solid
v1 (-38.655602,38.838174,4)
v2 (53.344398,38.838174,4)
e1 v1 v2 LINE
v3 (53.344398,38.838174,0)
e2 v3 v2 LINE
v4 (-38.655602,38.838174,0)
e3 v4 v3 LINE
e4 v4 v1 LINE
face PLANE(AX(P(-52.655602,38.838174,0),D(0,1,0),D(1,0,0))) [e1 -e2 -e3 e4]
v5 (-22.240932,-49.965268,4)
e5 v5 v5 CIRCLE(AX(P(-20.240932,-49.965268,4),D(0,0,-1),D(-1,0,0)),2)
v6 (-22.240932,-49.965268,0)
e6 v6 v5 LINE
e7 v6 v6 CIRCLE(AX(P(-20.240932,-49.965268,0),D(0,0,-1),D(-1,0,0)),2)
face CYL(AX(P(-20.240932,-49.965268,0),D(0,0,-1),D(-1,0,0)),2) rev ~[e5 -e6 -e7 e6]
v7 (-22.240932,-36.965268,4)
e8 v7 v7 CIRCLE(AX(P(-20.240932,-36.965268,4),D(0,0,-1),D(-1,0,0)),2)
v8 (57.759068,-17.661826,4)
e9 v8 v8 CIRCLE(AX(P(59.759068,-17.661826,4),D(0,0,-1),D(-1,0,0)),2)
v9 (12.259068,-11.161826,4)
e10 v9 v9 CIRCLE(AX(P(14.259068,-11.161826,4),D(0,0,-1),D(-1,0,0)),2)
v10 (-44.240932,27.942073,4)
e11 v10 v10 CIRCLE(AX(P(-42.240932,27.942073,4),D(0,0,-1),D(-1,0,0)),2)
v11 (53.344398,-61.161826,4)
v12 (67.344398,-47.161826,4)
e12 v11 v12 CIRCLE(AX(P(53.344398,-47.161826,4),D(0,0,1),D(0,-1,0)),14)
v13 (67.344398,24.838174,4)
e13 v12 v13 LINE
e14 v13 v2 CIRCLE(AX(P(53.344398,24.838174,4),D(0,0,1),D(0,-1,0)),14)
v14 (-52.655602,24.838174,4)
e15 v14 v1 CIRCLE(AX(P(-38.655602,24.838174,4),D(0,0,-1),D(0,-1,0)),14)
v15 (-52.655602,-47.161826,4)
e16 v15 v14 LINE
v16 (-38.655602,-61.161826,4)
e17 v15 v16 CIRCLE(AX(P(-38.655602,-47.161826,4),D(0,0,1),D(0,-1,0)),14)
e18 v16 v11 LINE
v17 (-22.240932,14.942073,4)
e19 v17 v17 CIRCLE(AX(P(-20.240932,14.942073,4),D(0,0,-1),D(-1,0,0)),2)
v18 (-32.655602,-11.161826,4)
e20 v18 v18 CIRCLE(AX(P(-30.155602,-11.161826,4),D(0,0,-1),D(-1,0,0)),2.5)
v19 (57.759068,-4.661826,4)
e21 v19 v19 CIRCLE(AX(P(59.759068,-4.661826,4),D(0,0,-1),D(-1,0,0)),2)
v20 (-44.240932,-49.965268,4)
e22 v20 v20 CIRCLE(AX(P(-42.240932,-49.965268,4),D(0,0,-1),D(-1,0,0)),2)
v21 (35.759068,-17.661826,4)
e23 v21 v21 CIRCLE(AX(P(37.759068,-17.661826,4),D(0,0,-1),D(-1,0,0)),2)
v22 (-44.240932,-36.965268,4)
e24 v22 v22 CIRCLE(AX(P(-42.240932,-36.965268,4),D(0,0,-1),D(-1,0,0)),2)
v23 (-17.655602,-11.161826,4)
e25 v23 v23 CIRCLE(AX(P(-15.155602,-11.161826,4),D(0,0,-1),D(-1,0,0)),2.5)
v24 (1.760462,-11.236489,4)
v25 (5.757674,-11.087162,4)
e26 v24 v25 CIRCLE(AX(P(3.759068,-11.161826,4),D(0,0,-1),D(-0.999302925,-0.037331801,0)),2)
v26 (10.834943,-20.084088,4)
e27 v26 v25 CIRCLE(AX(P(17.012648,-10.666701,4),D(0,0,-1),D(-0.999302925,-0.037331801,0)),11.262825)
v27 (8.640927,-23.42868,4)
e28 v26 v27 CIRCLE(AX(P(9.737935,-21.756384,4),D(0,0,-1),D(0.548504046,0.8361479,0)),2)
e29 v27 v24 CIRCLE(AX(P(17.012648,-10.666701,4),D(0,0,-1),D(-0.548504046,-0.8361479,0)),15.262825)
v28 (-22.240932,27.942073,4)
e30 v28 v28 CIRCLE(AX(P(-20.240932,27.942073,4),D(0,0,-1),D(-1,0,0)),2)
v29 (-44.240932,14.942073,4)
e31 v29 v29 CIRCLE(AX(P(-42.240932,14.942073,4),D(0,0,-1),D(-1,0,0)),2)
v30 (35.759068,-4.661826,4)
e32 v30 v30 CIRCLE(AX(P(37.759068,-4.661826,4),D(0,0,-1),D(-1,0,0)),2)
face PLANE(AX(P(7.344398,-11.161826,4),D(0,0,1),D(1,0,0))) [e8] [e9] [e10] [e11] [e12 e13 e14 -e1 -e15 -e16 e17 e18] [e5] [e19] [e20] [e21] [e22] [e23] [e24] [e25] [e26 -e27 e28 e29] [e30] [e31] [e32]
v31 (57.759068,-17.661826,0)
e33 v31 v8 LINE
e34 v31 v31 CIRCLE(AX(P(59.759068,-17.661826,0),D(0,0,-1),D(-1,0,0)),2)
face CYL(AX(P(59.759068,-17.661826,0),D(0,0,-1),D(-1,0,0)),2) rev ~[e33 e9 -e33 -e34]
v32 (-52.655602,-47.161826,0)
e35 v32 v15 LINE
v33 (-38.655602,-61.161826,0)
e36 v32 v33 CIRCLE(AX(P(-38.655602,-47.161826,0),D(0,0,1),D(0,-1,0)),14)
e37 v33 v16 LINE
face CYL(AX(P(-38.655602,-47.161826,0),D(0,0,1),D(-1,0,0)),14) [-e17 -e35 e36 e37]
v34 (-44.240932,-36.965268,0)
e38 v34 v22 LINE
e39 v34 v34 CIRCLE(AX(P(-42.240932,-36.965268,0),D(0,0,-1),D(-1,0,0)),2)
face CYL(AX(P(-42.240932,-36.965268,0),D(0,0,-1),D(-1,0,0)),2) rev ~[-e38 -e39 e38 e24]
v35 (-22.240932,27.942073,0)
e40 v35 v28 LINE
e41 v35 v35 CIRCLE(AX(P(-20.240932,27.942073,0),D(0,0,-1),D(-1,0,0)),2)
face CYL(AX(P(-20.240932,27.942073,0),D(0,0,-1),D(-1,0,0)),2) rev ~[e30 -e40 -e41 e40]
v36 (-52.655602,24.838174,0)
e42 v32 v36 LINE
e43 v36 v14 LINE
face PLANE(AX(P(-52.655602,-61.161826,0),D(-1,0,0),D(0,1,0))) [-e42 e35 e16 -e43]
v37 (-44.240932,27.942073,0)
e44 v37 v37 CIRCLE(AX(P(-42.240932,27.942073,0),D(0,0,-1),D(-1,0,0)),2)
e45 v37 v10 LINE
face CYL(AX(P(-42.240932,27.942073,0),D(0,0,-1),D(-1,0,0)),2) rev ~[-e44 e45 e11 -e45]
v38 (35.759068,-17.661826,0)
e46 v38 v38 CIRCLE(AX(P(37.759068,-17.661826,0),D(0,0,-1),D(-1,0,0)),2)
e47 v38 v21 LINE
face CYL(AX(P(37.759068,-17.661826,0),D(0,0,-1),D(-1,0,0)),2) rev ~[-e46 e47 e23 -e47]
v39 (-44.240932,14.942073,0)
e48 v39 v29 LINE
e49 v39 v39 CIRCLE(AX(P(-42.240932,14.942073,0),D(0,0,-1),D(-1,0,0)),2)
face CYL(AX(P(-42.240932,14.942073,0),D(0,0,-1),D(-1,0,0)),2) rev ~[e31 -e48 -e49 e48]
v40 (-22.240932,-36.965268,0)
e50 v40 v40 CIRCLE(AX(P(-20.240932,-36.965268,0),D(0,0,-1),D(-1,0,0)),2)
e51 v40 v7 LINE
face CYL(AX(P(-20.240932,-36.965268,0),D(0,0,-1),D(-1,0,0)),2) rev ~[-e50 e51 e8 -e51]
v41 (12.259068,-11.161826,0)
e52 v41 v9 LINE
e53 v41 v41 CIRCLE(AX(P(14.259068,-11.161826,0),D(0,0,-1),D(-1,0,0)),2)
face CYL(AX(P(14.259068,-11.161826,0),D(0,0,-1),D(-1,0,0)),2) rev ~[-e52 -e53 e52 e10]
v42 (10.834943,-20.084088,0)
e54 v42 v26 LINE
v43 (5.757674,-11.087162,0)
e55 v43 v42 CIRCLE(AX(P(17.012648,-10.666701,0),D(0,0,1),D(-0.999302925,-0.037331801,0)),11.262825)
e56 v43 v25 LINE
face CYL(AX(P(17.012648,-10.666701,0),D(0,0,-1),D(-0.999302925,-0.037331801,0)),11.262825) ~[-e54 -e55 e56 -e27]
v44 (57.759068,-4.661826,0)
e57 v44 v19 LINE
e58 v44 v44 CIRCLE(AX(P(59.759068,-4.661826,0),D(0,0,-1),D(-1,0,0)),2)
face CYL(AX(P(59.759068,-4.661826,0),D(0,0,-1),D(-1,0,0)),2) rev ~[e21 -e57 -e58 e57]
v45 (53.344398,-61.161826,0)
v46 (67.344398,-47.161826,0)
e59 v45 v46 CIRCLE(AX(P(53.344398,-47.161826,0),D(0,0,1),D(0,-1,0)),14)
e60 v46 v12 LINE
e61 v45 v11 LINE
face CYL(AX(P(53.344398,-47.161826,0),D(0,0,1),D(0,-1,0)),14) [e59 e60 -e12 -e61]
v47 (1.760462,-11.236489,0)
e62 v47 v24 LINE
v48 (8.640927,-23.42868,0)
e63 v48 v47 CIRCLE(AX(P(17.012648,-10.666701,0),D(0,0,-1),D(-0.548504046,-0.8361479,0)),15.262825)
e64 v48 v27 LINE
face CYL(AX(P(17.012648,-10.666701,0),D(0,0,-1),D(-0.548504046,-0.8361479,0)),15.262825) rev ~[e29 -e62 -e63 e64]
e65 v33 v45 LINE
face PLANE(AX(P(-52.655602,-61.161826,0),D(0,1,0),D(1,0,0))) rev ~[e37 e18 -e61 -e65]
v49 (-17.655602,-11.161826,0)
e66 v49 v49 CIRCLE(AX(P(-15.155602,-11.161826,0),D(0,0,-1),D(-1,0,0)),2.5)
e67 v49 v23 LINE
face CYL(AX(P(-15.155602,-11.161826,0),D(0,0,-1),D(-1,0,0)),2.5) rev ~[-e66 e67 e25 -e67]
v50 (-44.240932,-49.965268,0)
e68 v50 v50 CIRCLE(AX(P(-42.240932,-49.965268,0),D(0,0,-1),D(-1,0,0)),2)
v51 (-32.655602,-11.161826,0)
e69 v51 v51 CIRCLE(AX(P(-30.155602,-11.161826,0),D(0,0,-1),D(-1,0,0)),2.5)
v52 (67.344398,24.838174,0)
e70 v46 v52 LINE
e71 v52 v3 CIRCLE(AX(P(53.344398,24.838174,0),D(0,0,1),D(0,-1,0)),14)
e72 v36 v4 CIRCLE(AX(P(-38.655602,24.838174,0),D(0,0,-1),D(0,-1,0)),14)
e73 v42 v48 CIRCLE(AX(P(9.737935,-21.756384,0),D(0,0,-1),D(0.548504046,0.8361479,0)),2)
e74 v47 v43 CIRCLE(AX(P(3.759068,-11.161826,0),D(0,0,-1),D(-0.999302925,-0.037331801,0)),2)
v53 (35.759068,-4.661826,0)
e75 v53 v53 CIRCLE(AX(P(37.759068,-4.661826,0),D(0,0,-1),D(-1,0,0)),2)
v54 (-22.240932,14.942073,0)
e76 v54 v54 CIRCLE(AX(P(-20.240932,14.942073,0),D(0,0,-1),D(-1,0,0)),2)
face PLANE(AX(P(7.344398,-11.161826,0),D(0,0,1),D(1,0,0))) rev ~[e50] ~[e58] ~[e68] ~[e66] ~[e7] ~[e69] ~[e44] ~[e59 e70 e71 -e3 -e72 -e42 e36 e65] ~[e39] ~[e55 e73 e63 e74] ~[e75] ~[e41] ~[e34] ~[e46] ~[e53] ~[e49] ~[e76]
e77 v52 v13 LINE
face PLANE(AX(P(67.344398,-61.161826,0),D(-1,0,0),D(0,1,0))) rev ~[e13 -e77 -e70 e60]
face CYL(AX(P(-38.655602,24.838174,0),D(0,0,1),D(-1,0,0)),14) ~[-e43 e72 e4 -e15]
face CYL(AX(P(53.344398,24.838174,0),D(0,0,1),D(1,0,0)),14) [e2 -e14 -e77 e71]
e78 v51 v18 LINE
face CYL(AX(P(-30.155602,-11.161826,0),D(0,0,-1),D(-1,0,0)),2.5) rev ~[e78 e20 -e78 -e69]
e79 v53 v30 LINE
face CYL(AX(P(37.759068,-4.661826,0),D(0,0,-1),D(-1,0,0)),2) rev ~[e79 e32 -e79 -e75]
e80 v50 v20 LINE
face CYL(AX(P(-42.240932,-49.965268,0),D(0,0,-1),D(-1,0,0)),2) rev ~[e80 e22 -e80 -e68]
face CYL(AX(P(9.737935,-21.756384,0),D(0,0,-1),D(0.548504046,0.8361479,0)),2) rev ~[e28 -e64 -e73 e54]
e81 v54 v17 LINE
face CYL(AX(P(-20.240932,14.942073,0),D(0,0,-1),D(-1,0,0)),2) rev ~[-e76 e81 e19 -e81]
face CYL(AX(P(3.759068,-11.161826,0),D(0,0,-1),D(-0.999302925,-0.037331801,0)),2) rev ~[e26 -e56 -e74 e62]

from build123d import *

# Parameters (mm, degrees)
SKETCH_1_W          = 120
SKETCH_1_H          = 100
EXTRUDE_1_DEPTH     = 4
FILLET_1_R          = 14
SKETCH_7_R          = 2.5
CUT_EXTRUDE_2_DEPTH = 5
SKETCH_14_R         = 2
CUT_EXTRUDE_3_DEPTH = 5


with BuildPart() as part:
    # 草图1 → 凸台-拉伸1 (new body)
    with BuildSketch(Plane.XY):
        with Locations((7.34439834, -11.161825726)):
            Rectangle(SKETCH_1_W, SKETCH_1_H)
    extrude(amount=EXTRUDE_1_DEPTH)

    # 圆角1
    fillet_1_edges = [part.edges().sort_by_distance(p)[0] for p in [
        (-52.65560166, 38.838174274, 2),
        (67.34439834, 38.838174274, 2),
        (67.34439834, -61.161825726, 2),
        (-52.65560166, -61.161825726, 2),
    ]]
    fillet(fillet_1_edges, radius=FILLET_1_R)

    # 草图7 → 切除-拉伸2 (cut, through all)
    with BuildSketch(Plane(origin=(0, 0, 0), x_dir=(-1, 0, 0), z_dir=(0, 0, -1))):
        with Locations((15.15560166, -11.161825726)):
            Circle(SKETCH_7_R)
        with Locations((30.15560166, -11.161825726)):
            Circle(SKETCH_7_R)
    extrude(amount=-CUT_EXTRUDE_2_DEPTH, mode=Mode.SUBTRACT)

    # 草图14 → 切除-拉伸3 (cut, through all)
    with BuildSketch(Plane(origin=(0, 0, 0), x_dir=(-1, 0, 0), z_dir=(0, 0, -1))):
        with Locations((42.240931861, -49.965268324)):
            Circle(SKETCH_14_R)
        with Locations((20.240931861, -49.965268324)):
            Circle(SKETCH_14_R)
        with Locations((42.240931861, -36.965268324)):
            Circle(SKETCH_14_R)
        with Locations((20.240931861, -36.965268324)):
            Circle(SKETCH_14_R)
        with Locations((42.240931861, 14.942073)):
            Circle(SKETCH_14_R)
        with Locations((42.240931861, 27.942073)):
            Circle(SKETCH_14_R)
        with Locations((20.240931861, 14.942073)):
            Circle(SKETCH_14_R)
        with Locations((20.240931861, 27.942073)):
            Circle(SKETCH_14_R)
        with Locations((-14.259068139, -11.161825726)):
            Circle(SKETCH_14_R)
        with Locations((-37.759068139, -17.661825726)):
            Circle(SKETCH_14_R)
        with Locations((-59.759068139, -17.661825726)):
            Circle(SKETCH_14_R)
        with Locations((-59.759068139, -4.661825726)):
            Circle(SKETCH_14_R)
        with Locations((-37.759068139, -4.661825726)):
            Circle(SKETCH_14_R)
        with BuildLine():
            ThreePointArc((-1.760462288, -11.236489328), (-3.684404538, -9.163219875), (-5.75767399, -11.087162125))
            ThreePointArc((-5.75767399, -11.087162125), (-7.203940461, -16.202085414), (-10.83494306, -20.084088387))
            ThreePointArc((-10.83494306, -20.084088387), (-11.410230768, -22.85339228), (-8.640926875, -23.428679989))
            ThreePointArc((-8.640926875, -23.428679989), (-3.720371267, -18.167981055), (-1.760462288, -11.236489328))
        make_face()
    extrude(amount=-CUT_EXTRUDE_3_DEPTH, mode=Mode.SUBTRACT)


solid = part.part
